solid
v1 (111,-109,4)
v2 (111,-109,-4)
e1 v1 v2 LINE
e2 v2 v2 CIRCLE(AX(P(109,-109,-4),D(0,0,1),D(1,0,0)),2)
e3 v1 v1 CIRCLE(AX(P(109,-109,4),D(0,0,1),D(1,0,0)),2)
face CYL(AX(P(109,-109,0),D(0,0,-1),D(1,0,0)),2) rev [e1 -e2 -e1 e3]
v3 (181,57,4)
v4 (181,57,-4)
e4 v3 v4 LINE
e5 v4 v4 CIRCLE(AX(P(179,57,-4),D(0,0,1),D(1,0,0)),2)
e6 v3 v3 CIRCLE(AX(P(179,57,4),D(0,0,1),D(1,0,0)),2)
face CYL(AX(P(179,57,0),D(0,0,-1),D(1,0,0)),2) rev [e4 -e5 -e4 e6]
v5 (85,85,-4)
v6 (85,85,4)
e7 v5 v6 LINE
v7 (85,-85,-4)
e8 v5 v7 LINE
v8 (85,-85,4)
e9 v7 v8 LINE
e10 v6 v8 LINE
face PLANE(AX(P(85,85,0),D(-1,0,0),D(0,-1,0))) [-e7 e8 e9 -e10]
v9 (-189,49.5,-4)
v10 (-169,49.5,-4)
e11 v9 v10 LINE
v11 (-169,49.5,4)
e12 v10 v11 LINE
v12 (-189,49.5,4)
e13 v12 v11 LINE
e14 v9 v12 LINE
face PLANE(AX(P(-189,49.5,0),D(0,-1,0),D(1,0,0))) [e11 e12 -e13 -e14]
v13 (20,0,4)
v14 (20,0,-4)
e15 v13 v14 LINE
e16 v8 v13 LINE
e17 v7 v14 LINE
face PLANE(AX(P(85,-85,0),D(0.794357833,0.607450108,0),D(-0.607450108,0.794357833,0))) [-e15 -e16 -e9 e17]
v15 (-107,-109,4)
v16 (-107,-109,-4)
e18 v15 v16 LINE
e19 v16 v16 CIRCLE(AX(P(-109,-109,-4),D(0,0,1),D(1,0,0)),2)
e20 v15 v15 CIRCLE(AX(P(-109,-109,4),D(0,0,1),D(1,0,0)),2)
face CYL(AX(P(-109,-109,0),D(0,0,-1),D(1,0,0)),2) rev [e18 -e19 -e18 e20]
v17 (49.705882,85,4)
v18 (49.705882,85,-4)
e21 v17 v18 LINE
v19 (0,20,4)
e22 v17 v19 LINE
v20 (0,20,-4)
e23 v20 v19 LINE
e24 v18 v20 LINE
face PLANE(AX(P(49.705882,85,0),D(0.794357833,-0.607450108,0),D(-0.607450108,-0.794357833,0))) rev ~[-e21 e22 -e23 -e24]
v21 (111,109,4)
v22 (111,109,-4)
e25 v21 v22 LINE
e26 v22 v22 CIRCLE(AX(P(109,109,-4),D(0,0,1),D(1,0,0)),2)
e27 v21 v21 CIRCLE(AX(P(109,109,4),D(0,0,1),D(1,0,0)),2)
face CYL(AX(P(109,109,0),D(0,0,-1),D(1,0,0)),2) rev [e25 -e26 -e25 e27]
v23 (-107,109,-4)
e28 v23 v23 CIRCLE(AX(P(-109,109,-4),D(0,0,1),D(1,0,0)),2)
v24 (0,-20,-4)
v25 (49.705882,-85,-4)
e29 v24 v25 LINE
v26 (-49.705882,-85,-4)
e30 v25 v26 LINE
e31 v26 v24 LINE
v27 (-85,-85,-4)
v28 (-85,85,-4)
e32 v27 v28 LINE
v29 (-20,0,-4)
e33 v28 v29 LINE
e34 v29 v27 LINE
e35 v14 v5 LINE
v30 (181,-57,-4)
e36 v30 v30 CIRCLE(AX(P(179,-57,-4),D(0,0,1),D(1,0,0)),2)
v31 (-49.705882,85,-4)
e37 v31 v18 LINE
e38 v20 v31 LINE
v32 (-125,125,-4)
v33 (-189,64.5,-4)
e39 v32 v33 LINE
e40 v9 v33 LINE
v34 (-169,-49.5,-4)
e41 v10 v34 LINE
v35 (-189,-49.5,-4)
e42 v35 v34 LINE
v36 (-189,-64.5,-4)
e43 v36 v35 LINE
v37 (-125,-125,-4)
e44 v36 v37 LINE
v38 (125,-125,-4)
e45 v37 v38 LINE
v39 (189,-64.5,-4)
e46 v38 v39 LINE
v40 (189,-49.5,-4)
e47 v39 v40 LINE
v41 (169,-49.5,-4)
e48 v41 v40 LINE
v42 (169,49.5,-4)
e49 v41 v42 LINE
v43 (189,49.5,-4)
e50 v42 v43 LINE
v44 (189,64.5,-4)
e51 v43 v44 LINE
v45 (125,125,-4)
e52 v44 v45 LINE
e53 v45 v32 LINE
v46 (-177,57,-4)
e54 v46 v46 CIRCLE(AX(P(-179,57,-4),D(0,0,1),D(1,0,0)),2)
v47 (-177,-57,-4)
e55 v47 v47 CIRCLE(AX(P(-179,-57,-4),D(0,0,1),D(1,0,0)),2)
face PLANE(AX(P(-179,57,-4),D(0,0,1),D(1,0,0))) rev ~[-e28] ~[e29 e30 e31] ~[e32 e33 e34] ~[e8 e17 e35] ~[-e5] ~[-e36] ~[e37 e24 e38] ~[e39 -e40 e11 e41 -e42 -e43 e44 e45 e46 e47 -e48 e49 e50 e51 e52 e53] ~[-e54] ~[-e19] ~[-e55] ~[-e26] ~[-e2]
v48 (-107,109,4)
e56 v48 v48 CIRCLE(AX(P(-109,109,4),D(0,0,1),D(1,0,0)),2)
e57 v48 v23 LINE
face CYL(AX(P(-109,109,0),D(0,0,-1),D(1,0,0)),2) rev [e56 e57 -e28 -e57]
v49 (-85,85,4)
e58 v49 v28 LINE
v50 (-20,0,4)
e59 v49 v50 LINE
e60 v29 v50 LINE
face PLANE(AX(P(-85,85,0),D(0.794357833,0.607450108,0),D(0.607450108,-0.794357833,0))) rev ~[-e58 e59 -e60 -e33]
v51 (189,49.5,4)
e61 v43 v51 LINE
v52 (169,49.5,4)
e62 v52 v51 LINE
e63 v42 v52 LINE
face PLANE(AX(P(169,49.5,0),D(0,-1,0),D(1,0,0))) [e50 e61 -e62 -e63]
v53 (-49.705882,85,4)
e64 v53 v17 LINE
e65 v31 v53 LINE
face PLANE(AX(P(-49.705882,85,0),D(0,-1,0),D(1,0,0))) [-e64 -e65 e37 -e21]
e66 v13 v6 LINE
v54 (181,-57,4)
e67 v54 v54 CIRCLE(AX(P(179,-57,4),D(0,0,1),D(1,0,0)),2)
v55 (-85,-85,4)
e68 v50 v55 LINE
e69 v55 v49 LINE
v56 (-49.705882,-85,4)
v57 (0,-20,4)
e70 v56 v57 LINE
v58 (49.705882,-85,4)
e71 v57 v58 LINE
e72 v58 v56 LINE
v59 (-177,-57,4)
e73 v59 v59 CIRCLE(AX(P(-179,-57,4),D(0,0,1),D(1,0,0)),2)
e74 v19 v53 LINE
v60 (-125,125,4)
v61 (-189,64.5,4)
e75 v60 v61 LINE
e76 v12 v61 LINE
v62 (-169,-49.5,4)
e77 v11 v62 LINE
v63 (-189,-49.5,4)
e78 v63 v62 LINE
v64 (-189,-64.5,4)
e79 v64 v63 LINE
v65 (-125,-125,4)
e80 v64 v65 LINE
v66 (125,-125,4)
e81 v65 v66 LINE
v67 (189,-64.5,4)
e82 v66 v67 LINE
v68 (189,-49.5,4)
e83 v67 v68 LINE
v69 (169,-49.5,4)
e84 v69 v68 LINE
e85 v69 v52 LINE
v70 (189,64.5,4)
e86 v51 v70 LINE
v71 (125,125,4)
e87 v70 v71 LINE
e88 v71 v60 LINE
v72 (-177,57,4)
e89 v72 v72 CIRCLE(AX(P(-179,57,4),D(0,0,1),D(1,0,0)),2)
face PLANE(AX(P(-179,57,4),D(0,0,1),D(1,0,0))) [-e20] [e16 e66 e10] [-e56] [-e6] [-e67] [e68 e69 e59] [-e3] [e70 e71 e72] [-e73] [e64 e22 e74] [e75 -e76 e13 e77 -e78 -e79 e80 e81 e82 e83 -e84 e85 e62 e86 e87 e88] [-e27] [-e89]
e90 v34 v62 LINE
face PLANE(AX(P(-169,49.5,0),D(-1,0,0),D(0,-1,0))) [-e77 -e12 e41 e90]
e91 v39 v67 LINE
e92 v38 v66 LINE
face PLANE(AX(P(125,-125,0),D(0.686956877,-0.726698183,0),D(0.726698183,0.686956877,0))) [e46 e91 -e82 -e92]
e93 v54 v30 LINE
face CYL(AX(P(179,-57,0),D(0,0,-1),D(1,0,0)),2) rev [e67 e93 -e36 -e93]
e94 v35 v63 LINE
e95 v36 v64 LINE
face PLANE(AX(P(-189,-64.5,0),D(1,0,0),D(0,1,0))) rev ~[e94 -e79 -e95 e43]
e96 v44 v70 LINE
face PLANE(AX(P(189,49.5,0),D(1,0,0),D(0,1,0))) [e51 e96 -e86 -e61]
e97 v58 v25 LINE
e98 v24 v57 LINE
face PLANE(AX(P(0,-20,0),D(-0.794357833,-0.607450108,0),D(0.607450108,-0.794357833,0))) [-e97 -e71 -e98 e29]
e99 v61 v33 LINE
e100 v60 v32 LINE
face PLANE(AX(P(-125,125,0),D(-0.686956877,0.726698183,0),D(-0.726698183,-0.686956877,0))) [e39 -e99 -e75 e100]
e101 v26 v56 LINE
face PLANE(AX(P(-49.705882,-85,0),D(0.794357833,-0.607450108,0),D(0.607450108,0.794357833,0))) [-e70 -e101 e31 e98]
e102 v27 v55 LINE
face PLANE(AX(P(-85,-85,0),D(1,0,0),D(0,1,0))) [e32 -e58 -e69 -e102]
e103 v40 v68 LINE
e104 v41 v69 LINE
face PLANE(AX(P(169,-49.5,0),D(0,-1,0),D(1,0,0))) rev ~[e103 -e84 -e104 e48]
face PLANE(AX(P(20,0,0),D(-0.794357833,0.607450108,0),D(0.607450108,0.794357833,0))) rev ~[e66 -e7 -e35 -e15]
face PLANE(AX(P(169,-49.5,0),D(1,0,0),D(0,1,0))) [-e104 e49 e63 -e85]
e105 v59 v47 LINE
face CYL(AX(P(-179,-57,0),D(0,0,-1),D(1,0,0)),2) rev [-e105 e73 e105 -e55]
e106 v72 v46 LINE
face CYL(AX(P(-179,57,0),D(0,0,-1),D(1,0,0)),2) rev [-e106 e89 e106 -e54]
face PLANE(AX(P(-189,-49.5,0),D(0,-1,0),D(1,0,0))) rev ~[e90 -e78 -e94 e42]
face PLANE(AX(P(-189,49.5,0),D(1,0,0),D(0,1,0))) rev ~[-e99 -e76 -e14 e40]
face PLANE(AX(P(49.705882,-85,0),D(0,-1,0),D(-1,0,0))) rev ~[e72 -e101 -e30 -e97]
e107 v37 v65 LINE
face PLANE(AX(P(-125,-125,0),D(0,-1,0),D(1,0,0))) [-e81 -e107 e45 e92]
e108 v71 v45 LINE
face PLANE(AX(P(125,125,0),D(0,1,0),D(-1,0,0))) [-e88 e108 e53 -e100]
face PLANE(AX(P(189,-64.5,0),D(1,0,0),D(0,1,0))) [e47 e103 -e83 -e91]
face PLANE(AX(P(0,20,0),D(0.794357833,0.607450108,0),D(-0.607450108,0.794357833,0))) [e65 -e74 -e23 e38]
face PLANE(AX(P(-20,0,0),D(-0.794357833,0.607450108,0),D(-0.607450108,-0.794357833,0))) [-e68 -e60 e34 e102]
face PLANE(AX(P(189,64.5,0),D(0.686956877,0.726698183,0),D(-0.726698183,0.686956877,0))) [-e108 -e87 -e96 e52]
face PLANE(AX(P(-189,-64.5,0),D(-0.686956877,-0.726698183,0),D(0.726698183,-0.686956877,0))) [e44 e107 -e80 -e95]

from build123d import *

# Parameters (mm, degrees)
F0_W     = 20
F0_H     = 15
F0_R     = 2
F1_DEPTH = 4


with BuildPart() as f1:
    # F0 (on Top) → F1 (new body, symmetric)
    with BuildSketch(Plane.XY):
        with Locations((-179, 57)):
            Rectangle(F0_W, F0_H)
        with Locations((-179, 57)):
            Circle(F0_R, mode=Mode.SUBTRACT)
        with Locations((-179, -57)):
            Rectangle(F0_W, F0_H)
        with Locations((-179, -57)):
            Circle(F0_R, mode=Mode.SUBTRACT)
        Polygon((0, 125), (-125, 125), (-125, 64.5), (-125, 0), (-85, 0), (-85, 85), (-20, 0), (0, 0), (0, 20), (-49.7058823529, 85), (0, 85), align=None)
        with Locations((-109, 109)):
            Circle(F0_R, mode=Mode.SUBTRACT)
        Polygon((-85, 0), (-125, 0), (-125, -64.5), (-125, -125), (0, -125), (0, -85), (-49.7058823529, -85), (0, -20), (0, 0), (-20, 0), (-85, -85), align=None)
        with Locations((-109, -109)):
            Circle(F0_R, mode=Mode.SUBTRACT)
        Polygon((-125, 0), (-125, 64.5), (-169, 64.5), (-169, 49.5), (-169, 0), align=None)
        Polygon((-125, -64.5), (-125, 0), (-169, 0), (-169, -49.5), (-169, -64.5), align=None)
        Polygon((125, 125), (0, 125), (0, 85), (49.7058823529, 85), (0, 20), (0, 0), (20, 0), (85, 85), (85, 0), (125, 0), (125, 64.5), align=None)
        with Locations((109, 109)):
            Circle(F0_R, mode=Mode.SUBTRACT)
        Polygon((125, -64.5), (125, 0), (85, 0), (85, -85), (20, 0), (0, 0), (0, -20), (49.7058823529, -85), (0, -85), (0, -125), (125, -125), align=None)
        with Locations((109, -109)):
            Circle(F0_R, mode=Mode.SUBTRACT)
        Polygon((169, 0), (125, 0), (125, -64.5), (169, -64.5), (169, -49.5), align=None)
        Polygon((169, 64.5), (125, 64.5), (125, 0), (169, 0), (169, 49.5), align=None)
        with Locations((179, 57)):
            Rectangle(F0_W, F0_H)
        with Locations((179, 57)):
            Circle(F0_R, mode=Mode.SUBTRACT)
        with Locations((179, -57)):
            Rectangle(F0_W, F0_H)
        with Locations((179, -57)):
            Circle(F0_R, mode=Mode.SUBTRACT)
        Polygon((-125, 64.5), (-125, 125), (-189, 64.5), (-169, 64.5), align=None)
        Polygon((-125, -125), (-125, -64.5), (-169, -64.5), (-189, -64.5), align=None)
        Polygon((189, 64.5), (125, 125), (125, 64.5), (169, 64.5), align=None)
        Polygon((169, -64.5), (125, -64.5), (125, -125), (189, -64.5), align=None)
    extrude(amount=F1_DEPTH, both=True)


solid = f1.part
